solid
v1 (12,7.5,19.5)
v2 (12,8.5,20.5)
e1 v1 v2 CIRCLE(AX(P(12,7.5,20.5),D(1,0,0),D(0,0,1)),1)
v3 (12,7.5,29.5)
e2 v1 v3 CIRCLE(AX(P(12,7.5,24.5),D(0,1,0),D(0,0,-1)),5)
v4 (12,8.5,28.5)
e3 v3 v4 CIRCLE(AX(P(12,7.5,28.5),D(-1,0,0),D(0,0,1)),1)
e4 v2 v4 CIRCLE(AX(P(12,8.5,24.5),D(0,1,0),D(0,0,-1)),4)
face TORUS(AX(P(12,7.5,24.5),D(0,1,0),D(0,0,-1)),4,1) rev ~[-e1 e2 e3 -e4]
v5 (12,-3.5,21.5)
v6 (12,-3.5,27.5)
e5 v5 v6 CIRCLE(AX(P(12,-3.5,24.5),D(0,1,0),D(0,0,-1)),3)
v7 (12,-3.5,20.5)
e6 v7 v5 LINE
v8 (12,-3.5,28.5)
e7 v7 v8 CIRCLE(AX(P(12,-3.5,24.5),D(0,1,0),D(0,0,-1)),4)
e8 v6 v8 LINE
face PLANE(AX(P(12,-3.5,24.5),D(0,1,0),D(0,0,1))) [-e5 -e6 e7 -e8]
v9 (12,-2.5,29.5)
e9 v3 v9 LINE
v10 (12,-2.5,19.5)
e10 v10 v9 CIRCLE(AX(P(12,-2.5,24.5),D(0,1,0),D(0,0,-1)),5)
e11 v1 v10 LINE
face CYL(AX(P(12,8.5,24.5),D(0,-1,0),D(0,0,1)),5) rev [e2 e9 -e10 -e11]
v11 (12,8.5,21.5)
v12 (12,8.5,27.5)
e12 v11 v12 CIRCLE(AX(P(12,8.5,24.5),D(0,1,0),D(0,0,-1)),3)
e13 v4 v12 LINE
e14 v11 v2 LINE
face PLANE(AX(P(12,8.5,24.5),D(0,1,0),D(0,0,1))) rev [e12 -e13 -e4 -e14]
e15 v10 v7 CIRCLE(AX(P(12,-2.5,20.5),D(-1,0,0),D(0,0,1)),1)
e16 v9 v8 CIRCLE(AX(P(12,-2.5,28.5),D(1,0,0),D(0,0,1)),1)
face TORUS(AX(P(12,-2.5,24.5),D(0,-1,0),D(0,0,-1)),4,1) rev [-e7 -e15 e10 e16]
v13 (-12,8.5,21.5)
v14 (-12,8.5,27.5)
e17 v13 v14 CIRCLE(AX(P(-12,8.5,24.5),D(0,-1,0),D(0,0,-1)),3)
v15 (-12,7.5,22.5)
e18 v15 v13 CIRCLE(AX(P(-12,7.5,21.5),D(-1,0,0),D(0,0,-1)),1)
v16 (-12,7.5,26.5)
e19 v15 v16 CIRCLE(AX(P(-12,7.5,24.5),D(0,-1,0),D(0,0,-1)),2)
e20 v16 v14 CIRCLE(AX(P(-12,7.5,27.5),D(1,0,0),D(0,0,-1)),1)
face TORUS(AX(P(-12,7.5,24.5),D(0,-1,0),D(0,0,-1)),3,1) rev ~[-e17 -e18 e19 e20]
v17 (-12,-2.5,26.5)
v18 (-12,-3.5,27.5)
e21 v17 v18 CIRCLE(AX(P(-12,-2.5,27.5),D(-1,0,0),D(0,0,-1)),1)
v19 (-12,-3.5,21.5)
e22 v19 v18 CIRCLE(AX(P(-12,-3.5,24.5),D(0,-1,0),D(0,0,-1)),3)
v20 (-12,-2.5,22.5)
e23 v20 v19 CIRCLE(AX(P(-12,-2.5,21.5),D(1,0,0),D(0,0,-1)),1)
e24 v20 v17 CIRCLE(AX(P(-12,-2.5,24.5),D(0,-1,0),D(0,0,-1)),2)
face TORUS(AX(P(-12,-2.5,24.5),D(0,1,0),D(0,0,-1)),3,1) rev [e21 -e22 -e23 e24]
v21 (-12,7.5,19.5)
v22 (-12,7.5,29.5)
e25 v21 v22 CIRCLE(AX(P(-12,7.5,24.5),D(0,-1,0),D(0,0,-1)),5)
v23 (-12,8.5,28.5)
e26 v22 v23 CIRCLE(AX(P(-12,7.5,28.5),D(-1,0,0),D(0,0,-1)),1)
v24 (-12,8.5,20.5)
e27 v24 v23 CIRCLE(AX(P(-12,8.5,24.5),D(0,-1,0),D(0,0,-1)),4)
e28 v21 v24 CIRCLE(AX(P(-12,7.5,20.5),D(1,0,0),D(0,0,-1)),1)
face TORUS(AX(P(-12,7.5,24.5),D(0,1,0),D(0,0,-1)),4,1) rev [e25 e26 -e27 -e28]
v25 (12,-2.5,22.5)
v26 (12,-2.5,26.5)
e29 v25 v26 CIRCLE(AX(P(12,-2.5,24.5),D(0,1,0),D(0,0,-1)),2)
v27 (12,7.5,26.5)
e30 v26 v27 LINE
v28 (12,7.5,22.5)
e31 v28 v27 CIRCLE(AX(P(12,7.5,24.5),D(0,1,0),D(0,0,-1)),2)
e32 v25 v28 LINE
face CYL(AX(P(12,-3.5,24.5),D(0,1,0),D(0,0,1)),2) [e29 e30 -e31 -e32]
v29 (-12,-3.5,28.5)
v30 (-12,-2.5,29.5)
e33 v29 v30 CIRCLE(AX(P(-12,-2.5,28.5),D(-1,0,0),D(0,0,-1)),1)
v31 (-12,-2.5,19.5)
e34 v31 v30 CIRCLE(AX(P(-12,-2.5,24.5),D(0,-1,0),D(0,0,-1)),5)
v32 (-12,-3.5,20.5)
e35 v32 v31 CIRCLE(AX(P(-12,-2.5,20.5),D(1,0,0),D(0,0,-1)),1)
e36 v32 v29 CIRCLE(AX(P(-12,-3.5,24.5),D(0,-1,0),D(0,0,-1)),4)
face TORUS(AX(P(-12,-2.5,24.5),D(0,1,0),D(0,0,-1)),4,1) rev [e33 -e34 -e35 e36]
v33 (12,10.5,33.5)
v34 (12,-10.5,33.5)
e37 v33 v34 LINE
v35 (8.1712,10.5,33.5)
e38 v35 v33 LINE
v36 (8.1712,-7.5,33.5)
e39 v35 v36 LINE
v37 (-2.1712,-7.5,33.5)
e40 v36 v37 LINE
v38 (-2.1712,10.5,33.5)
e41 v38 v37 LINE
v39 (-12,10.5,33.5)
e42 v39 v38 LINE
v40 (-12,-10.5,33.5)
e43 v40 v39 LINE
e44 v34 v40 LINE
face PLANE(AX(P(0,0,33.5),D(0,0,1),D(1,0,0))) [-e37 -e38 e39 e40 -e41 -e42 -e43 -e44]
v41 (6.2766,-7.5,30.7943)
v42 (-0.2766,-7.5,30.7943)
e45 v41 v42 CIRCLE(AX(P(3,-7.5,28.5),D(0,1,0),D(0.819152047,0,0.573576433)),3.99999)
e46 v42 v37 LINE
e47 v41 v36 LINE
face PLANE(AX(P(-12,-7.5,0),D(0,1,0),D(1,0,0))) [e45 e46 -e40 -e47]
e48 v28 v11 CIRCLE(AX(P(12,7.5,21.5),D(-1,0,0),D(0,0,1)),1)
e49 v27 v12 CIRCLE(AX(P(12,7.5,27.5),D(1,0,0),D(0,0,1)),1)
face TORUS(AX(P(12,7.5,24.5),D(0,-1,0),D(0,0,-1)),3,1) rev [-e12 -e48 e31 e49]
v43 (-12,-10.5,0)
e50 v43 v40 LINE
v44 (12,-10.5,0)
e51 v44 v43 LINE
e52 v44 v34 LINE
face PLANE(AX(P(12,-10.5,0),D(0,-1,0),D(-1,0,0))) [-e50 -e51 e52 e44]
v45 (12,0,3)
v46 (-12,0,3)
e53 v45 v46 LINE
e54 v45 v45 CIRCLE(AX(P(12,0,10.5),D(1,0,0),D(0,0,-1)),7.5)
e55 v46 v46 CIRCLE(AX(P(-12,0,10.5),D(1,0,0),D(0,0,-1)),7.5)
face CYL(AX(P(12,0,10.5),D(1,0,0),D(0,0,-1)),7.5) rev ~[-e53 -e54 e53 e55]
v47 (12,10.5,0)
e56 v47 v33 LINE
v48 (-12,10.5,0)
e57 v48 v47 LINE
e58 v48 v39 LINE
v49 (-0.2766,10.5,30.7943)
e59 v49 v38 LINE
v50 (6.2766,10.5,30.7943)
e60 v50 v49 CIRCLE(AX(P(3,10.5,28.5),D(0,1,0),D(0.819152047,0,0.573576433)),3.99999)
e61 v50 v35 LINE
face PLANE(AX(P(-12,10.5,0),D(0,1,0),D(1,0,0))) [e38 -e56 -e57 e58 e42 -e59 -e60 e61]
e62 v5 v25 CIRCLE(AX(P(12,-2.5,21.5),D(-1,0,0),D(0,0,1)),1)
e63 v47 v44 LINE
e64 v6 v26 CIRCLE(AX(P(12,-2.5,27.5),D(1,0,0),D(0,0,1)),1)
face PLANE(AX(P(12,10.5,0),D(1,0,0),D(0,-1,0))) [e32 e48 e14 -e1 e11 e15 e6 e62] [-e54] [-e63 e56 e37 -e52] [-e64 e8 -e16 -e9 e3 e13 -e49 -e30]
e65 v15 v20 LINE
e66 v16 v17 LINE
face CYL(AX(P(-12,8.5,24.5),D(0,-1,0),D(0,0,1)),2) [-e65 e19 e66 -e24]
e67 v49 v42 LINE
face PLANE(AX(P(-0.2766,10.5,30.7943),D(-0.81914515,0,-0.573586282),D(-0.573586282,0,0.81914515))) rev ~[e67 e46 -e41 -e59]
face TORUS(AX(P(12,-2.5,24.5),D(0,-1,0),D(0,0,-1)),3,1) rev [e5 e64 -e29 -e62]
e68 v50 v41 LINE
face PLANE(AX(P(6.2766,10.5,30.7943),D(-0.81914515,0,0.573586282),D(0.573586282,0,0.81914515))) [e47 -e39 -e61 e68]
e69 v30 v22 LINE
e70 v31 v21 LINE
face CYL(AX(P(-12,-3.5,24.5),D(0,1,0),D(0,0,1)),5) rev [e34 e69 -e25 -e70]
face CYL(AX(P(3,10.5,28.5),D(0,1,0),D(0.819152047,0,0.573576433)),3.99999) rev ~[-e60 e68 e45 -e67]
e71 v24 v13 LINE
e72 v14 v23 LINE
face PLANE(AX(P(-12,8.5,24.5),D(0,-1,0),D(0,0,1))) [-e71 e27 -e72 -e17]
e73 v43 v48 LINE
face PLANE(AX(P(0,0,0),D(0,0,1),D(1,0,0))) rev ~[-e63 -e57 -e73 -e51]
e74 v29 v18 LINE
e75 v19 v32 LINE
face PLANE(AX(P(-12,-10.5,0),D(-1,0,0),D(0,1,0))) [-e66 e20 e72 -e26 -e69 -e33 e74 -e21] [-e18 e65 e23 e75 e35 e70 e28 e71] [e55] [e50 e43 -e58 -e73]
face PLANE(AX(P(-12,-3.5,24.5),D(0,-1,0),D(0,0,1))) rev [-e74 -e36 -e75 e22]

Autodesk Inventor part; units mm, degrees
ref_plane "YZ Plane" through (0, 0, 0) normal (1, 0, 0) x (0, 1, 0)
ref_plane "XZ Plane" through (0, 0, 0) normal (0, 1, 0) x (-1, 0, 0)
ref_plane "XY Plane" through (0, 0, 0) normal (0, 0, 1) x (1, 0, 0)
sketch "Sketch1" plane through (0, 0, 0) normal (0, 0, 1) x (1, 0, 0)
  line L0 (-12, 10.5) -> (12, 10.5)
  line L1 (12, 10.5) -> (12, -10.5)
  line L2 (12, -10.5) -> (-12, -10.5)
  line L3 (-12, -10.5) -> (-12, 10.5)
  point P0 (0, 0)
  dimension "d0" = 24
  dimension "d1" = 12
  dimension "d2" = 21
  dimension "d3" = 10.5
extrude "Blok" add sketch "Sketch1" along normal blind 33.5
sketch "Sketch2" plane through (12, -10.5, 0) normal (1, 0, 0) x (0, 0, -1)
  line L0 (0, 0) -> (-33.5, 0) projected
  line L1 (-28.5, 0) -> (-28.5, 21) construction
  line L2 (0, 21) -> (-33.5, 21) projected
  circle A0 centre (-10.5, 10.5) radius 7.5
  line L3 (0, 21) -> (0, 0) projected
  line L4 (-32.5, 21) -> (-32.5, 0) construction
  line L5 (-24.5, 21) -> (-24.5, 0) construction
  line L6 (0, 0) -> (-33.5, 0) projected
  line L7 (-33.5, 0) -> (-33.5, 21) projected
  point P0 (0, 10.5)
  dimension "d6" = 15
  dimension "d7" = 18
  dimension "d8" = 10.5
  dimension "d9" = 10.5
  dimension "d10" = 10.5
  dimension "d11" = 4
  dimension "d12" = 4
  dimension "d13" = 1
extrude "Lejehul" cut sketch "Sketch2" against normal up to surface (24 mm away) contours A0
sketch "Sketch3" plane through (-12, 10.5, 0) normal (0, 1, 0) x (1, 0, 0)
  line L0 (0, -18) -> (0, -3) construction
  line L1 (24, -3) -> (24, -18) construction
  line L2 (24, 0) -> (24, -33.5) projected
  line L3 (0, -18) -> (24, -18) construction
  line L4 (0, -3) -> (24, -3) construction
  line L5 (0, 0) -> (0, -33.5) projected
  line L6 (0, -3) -> (24, -18) construction
  line L7 (24, -10.5) -> (0, -10.5) construction
  line L8 (24, -28.5) -> (0, -28.5) construction
  arc A0 (18.2766, -30.7943) -> (11.7234, -30.7943) centre (15, -28.5) ccw
  line L9 (11.7234, -30.7943) -> (8.2936, -25.896) construction
  line L10 (18.2766, -30.7943) -> (20.9993, -26.9059) construction
  line L11 (11.7234, -30.7943) -> (18.2766, -30.7943) construction
  line L12 (11.7234, -30.7943) -> (9.8288, -33.5)
  line L13 (18.2766, -30.7943) -> (20.1712, -33.5)
  line L14 (9.8288, -33.5) -> (0, -33.5) construction
  line L15 (20.1712, -33.5) -> (24, -33.5) construction
  line L16 (24, -33.5) -> (24, -33.5)
  line L17 (0, -33.5) -> (0, -33.5)
  line L18 (0, 0) -> (24, 0) projected
  line L19 (24, -33.5) -> (0, -33.5) construction
  line L20 (9.8288, -33.5) -> (20.1712, -33.5)
  line L21 (15, -28.5) -> (15, -33.5)
  point P0 (12, 0)
  point P1 (12, -10.5)
  dimension "d19" = 18
  dimension "d20" = 8
  dimension "d24" = 110
  dimension "d25" = 110
  dimension "d29" = 9
  dimension "d30" = 35
extrude "Tværstang" cut sketch "Sketch3" against normal blind 18
sketch "Sketch4" plane through (12, -10.5, 0) normal (1, 0, 0) x (0, 0, -1)
  line L0 (-29.5, 7) -> (-26.5, 7)
  line L1 (-26.5, 7) -> (-26.5, 19)
  line L2 (-26.5, 19) -> (-29.5, 19)
  line L3 (-29.5, 19) -> (-29.5, 7)
  line L4 (0, 0) -> (-33.5, 0) projected
  line L5 (-33.5, 0) -> (-33.5, 21) projected
  line L6 (-24.5, 2) -> (-24.5, 9) construction
  line L7 (0, 21) -> (-33.5, 21) projected
  point P0 (0, 10.5)
  dimension "d32" = 3
  dimension "d34" = 4
  dimension "d35" = 2
  dimension "d37" = 2
  dimension "d41" = 12
revolve "Revolution1" cut sketch "Sketch4" angle 360 about axis through (12, -8.5, 24.5) along (0, 1, 0)
sketch "Sketch5" plane through (-12, -10.5, 0) normal (-1, 0, 0) x (0, 0, 1)
  line L0 (26.5, 7) -> (29.5, 7) projected
  line L1 (26.5, 19) -> (26.5, 7) projected
  line L2 (29.5, 19) -> (26.5, 19) projected
  line L3 (29.5, 7) -> (29.5, 19) projected
  line L4 (24.5, 19) -> (24.5, 12)
  point P0 (0, 10.5)
  dimension "d38" = 2
revolve "Revolution2" cut sketch "Sketch5" angle 360 about axis through (-12, 8.5, 24.5) along (0, -1, 0)
fillet "Fillet1" radius 1 8 edges at (7, -3.5, 24.5) (10, -3.5, 24.5) (7, 8.5, 24.5) (10, 8.5, 24.5) (-7, 8.5, 24.5) (-10, 8.5, 24.5) (-7, -3.5, 24.5) (-10, -3.5, 24.5)
equation "\"d1\" = 0.5 * d0"
equation "\"d3\" = 0.5 * d2"
equation "\"d8\" = d9"
equation "\"d12\" = d11"
equation "\"d25\" = d24"
properties part number "XY v2"
